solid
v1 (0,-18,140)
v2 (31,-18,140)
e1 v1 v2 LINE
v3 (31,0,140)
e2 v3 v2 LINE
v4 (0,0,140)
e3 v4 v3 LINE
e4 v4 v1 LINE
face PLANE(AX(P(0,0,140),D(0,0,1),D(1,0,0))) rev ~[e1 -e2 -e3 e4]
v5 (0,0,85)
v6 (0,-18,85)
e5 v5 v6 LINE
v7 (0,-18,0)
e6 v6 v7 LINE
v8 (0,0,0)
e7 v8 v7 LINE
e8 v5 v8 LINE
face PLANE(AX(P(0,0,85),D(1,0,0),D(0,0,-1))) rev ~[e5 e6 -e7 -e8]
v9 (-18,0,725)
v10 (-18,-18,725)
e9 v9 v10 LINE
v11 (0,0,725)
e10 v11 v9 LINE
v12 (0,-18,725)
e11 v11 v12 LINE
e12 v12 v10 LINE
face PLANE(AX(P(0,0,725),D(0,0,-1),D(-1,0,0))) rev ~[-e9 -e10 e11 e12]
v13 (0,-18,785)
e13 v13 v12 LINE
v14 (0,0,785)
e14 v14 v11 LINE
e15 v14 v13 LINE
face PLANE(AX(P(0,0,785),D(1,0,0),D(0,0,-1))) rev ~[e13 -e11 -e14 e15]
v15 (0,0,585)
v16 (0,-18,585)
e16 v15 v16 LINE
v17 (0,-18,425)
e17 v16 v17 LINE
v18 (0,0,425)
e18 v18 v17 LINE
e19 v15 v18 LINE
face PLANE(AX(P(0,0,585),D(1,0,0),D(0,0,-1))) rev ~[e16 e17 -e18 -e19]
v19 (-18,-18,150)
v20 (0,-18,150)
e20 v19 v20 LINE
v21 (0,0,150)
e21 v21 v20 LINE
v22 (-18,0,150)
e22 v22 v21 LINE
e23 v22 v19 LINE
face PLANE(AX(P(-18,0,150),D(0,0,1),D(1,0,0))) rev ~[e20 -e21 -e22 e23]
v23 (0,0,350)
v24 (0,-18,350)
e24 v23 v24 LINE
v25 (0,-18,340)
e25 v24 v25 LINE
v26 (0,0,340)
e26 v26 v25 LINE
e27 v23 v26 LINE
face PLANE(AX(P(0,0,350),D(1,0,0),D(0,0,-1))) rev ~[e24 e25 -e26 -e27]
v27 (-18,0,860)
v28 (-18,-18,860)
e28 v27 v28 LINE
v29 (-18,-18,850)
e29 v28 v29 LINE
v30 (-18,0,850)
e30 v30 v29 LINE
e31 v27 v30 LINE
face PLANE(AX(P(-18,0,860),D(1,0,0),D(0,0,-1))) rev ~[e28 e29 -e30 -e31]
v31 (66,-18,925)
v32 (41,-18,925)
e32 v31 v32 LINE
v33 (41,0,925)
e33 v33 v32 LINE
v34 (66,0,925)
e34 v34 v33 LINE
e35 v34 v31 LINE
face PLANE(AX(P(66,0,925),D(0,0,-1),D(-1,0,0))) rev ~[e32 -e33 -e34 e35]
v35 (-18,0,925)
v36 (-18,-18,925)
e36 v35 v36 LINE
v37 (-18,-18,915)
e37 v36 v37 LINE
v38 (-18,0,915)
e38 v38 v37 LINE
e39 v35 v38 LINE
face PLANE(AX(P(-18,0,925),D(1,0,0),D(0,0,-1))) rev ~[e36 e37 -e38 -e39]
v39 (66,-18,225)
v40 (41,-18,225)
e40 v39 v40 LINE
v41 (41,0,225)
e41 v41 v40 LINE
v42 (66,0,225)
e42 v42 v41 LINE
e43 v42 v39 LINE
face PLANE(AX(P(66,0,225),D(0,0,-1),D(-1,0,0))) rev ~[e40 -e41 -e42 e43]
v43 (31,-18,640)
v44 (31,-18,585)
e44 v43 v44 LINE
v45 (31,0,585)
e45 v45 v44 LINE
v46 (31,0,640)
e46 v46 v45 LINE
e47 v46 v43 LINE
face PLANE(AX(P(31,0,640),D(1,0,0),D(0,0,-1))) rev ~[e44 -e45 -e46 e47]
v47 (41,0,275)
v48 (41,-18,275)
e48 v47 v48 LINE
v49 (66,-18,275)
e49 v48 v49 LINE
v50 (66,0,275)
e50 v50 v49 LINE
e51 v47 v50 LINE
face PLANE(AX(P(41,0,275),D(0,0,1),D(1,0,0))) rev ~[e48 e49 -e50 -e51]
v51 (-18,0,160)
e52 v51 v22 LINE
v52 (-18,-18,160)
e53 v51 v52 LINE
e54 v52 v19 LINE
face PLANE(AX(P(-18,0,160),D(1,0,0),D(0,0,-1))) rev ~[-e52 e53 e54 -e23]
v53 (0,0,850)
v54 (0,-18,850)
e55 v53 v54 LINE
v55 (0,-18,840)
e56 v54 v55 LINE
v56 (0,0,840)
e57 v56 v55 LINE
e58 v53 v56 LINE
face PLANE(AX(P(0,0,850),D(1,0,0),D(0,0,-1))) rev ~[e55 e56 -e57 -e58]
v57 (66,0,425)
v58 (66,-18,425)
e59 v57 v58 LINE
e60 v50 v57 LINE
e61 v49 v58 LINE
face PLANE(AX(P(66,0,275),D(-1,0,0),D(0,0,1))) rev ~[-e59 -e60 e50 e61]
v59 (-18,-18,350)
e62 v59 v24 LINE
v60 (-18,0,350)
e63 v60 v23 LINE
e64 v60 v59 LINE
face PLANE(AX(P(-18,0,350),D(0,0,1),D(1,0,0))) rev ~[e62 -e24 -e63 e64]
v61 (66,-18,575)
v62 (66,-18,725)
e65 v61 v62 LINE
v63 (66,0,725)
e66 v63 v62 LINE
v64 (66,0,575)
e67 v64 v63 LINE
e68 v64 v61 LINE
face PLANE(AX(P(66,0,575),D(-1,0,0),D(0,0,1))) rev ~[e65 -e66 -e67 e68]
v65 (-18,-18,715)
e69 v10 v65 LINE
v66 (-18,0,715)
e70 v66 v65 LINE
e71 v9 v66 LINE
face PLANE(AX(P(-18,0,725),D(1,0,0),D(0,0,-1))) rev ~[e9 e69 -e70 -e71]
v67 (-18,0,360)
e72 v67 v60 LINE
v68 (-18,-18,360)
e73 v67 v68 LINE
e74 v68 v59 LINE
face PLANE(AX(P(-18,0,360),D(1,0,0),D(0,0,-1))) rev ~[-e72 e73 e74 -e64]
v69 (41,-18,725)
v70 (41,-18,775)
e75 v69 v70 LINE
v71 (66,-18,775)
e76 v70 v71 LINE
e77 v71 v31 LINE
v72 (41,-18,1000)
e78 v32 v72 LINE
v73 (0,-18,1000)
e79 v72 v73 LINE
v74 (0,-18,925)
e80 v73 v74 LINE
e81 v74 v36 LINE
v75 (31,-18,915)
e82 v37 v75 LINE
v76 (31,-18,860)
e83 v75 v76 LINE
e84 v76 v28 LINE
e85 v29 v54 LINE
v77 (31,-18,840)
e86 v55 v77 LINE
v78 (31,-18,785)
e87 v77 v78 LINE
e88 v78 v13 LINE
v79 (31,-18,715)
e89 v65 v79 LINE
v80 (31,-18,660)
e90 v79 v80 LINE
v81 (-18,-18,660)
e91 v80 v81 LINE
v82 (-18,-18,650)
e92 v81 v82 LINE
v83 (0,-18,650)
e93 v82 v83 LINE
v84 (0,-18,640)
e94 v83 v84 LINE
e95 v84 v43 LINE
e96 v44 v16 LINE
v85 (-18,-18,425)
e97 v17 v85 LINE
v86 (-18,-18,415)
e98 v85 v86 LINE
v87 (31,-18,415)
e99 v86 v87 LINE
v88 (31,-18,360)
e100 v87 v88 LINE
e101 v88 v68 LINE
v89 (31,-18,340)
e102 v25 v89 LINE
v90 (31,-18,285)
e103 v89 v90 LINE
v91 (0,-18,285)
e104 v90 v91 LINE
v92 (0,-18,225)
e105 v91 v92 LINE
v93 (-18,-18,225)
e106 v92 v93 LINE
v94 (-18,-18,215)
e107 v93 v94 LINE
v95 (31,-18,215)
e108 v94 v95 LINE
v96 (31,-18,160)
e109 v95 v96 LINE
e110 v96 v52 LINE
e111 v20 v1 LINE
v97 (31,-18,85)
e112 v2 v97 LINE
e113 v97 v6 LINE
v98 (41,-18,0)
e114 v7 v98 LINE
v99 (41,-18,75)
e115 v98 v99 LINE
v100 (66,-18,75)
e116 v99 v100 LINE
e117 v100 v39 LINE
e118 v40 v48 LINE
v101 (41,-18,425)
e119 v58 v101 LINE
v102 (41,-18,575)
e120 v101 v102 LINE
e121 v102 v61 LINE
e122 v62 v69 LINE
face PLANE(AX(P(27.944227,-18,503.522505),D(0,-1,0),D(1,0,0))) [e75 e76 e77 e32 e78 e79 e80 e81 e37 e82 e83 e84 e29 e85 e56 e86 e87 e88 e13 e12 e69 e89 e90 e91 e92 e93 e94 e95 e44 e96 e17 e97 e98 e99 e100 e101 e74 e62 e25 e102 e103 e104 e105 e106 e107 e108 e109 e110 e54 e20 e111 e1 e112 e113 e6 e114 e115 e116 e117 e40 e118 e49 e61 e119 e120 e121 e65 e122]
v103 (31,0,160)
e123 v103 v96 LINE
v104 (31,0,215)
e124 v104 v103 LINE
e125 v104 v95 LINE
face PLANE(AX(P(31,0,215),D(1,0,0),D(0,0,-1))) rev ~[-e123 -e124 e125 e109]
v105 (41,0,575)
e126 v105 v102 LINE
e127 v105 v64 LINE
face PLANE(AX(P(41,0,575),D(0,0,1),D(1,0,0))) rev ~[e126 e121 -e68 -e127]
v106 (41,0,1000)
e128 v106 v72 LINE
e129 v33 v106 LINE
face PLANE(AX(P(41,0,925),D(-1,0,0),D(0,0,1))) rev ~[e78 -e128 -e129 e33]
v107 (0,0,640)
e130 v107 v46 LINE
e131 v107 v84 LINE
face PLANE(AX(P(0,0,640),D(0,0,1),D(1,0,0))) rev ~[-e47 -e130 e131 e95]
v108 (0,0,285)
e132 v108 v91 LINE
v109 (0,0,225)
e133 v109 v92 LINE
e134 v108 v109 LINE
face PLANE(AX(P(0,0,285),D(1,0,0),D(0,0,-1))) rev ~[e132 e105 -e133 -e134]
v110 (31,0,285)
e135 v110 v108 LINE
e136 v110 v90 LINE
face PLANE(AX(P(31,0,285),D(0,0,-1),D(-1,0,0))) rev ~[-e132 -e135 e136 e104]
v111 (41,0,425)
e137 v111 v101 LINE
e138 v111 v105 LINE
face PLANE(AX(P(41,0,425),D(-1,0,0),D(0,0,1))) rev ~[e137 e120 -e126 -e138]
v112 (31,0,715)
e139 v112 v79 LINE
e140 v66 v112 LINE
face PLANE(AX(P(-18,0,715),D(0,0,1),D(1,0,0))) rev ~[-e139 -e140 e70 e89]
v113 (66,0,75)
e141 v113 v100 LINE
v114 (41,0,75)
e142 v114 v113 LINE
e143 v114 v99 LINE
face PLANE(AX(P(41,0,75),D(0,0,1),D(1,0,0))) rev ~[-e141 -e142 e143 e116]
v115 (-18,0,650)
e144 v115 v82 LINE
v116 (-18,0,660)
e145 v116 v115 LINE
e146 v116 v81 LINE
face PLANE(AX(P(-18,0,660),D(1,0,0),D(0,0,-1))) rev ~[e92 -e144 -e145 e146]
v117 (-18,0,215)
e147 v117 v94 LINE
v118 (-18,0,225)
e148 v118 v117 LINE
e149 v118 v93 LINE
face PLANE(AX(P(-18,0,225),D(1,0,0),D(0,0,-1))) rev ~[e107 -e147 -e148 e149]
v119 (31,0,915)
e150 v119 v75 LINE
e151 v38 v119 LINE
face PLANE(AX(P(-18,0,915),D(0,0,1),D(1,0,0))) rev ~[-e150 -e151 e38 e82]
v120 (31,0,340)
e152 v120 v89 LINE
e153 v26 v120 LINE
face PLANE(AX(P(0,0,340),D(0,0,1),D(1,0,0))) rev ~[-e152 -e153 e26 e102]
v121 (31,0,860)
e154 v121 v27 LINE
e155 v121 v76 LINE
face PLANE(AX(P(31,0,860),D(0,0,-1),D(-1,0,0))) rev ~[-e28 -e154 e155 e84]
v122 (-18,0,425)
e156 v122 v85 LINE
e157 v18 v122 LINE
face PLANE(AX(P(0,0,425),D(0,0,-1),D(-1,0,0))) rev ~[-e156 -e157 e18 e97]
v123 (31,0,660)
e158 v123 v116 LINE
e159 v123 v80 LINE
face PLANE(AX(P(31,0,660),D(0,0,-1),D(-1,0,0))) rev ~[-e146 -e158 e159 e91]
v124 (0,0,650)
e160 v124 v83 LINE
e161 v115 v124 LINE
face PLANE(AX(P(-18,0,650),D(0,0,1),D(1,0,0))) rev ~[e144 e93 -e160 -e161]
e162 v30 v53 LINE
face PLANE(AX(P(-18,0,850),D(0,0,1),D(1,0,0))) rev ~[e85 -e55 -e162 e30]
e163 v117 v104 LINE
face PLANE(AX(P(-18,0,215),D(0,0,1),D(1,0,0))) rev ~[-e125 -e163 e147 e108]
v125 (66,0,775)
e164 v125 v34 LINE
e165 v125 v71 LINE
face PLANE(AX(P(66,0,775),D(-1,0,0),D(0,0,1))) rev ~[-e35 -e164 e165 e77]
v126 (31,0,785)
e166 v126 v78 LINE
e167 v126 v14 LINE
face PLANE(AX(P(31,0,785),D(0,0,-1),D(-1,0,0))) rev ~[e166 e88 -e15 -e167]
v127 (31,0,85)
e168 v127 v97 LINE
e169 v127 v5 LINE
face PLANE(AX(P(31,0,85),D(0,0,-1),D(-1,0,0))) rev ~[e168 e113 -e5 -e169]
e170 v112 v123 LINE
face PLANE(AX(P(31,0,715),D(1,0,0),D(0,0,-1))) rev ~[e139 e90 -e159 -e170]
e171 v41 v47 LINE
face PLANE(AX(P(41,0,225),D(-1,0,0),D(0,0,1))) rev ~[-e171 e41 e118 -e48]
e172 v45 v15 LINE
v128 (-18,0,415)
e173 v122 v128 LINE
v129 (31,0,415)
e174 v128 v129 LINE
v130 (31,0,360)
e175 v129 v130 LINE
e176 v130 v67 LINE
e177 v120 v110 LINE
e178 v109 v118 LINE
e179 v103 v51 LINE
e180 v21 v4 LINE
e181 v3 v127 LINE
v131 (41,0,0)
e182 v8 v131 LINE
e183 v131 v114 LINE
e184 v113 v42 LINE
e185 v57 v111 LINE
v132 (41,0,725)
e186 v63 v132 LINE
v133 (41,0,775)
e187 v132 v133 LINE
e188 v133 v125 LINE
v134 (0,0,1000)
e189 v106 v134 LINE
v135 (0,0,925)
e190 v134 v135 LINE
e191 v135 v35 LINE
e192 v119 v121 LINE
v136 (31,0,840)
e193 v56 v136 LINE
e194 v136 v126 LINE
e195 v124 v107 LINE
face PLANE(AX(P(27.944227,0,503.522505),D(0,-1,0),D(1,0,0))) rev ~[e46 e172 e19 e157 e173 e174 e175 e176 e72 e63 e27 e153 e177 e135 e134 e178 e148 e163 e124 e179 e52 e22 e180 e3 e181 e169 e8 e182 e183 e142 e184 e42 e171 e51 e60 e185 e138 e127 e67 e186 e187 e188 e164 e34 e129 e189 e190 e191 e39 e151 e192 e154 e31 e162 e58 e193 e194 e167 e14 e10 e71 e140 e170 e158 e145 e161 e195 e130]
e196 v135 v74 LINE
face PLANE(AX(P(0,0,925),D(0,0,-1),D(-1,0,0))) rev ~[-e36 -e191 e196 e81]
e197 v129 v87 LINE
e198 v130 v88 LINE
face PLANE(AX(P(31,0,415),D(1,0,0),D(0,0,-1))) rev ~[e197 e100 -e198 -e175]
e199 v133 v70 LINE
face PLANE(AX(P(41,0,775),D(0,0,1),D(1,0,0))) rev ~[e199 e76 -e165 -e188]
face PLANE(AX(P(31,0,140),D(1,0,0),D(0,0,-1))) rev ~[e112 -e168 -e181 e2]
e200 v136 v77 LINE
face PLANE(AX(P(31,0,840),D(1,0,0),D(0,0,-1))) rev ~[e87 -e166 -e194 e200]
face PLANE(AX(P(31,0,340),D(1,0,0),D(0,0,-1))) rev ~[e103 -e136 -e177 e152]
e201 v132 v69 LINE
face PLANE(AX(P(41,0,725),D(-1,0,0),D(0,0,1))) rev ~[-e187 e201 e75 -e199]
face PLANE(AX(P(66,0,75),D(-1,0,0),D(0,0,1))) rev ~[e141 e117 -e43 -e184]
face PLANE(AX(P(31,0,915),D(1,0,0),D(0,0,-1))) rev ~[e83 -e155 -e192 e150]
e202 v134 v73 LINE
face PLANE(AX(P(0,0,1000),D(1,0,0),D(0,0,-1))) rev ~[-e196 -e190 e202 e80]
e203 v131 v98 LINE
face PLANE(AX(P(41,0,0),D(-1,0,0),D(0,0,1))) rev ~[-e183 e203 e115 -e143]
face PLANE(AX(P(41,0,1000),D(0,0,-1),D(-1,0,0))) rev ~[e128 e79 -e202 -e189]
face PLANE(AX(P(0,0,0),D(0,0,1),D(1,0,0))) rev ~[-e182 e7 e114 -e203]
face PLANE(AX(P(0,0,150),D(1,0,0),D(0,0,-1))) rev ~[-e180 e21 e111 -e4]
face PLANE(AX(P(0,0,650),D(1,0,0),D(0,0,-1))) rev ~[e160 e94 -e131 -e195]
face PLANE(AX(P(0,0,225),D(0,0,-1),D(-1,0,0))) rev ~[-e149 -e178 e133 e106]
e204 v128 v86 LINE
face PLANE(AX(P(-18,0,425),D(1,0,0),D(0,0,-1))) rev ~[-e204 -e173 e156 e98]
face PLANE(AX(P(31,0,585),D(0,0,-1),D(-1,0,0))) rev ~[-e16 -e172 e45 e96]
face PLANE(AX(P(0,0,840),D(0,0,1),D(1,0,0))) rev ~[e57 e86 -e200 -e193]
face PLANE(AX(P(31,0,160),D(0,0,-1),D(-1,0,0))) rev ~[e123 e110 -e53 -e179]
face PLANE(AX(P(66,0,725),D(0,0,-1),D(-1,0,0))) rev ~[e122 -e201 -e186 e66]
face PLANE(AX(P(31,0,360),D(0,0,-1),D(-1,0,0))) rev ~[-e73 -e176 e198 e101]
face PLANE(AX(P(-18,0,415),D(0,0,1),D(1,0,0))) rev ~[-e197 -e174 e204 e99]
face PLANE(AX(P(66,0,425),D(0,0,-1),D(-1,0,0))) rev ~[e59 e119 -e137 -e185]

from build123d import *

# Parameters (mm, degrees)
F1_DEPTH = 18


with BuildPart() as f1:
    # F0 (on Front) → F1 (new body)
    with BuildSketch(Plane.XZ):
        Polygon((0, 0), (41, 0), (41, 75), (66, 75), (66, 225), (41, 225), (41, 275), (66, 275), (66, 425), (41, 425), (41, 575), (66, 575), (66, 725), (41, 725), (41, 775), (66, 775), (66, 925), (41, 925), (41, 1000), (0, 1000), (0, 925), (-18, 925), (-18, 915), (31, 915), (31, 860), (-18, 860), (-18, 850), (0, 850), (0, 840), (31, 840), (31, 785), (0, 785), (0, 725), (-18, 725), (-18, 715), (31, 715), (31, 660), (-18, 660), (-18, 650), (0, 650), (0, 640), (31, 640), (31, 585), (0, 585), (0, 425), (-18, 425), (-18, 415), (31, 415), (31, 360), (-18, 360), (-18, 350), (0, 350), (0, 340), (31, 340), (31, 285), (0, 285), (0, 225), (-18, 225), (-18, 215), (31, 215), (31, 160), (-18, 160), (-18, 150), (0, 150), (0, 140), (31, 140), (31, 85), (0, 85), align=None)
    extrude(amount=F1_DEPTH)


solid = f1.part
